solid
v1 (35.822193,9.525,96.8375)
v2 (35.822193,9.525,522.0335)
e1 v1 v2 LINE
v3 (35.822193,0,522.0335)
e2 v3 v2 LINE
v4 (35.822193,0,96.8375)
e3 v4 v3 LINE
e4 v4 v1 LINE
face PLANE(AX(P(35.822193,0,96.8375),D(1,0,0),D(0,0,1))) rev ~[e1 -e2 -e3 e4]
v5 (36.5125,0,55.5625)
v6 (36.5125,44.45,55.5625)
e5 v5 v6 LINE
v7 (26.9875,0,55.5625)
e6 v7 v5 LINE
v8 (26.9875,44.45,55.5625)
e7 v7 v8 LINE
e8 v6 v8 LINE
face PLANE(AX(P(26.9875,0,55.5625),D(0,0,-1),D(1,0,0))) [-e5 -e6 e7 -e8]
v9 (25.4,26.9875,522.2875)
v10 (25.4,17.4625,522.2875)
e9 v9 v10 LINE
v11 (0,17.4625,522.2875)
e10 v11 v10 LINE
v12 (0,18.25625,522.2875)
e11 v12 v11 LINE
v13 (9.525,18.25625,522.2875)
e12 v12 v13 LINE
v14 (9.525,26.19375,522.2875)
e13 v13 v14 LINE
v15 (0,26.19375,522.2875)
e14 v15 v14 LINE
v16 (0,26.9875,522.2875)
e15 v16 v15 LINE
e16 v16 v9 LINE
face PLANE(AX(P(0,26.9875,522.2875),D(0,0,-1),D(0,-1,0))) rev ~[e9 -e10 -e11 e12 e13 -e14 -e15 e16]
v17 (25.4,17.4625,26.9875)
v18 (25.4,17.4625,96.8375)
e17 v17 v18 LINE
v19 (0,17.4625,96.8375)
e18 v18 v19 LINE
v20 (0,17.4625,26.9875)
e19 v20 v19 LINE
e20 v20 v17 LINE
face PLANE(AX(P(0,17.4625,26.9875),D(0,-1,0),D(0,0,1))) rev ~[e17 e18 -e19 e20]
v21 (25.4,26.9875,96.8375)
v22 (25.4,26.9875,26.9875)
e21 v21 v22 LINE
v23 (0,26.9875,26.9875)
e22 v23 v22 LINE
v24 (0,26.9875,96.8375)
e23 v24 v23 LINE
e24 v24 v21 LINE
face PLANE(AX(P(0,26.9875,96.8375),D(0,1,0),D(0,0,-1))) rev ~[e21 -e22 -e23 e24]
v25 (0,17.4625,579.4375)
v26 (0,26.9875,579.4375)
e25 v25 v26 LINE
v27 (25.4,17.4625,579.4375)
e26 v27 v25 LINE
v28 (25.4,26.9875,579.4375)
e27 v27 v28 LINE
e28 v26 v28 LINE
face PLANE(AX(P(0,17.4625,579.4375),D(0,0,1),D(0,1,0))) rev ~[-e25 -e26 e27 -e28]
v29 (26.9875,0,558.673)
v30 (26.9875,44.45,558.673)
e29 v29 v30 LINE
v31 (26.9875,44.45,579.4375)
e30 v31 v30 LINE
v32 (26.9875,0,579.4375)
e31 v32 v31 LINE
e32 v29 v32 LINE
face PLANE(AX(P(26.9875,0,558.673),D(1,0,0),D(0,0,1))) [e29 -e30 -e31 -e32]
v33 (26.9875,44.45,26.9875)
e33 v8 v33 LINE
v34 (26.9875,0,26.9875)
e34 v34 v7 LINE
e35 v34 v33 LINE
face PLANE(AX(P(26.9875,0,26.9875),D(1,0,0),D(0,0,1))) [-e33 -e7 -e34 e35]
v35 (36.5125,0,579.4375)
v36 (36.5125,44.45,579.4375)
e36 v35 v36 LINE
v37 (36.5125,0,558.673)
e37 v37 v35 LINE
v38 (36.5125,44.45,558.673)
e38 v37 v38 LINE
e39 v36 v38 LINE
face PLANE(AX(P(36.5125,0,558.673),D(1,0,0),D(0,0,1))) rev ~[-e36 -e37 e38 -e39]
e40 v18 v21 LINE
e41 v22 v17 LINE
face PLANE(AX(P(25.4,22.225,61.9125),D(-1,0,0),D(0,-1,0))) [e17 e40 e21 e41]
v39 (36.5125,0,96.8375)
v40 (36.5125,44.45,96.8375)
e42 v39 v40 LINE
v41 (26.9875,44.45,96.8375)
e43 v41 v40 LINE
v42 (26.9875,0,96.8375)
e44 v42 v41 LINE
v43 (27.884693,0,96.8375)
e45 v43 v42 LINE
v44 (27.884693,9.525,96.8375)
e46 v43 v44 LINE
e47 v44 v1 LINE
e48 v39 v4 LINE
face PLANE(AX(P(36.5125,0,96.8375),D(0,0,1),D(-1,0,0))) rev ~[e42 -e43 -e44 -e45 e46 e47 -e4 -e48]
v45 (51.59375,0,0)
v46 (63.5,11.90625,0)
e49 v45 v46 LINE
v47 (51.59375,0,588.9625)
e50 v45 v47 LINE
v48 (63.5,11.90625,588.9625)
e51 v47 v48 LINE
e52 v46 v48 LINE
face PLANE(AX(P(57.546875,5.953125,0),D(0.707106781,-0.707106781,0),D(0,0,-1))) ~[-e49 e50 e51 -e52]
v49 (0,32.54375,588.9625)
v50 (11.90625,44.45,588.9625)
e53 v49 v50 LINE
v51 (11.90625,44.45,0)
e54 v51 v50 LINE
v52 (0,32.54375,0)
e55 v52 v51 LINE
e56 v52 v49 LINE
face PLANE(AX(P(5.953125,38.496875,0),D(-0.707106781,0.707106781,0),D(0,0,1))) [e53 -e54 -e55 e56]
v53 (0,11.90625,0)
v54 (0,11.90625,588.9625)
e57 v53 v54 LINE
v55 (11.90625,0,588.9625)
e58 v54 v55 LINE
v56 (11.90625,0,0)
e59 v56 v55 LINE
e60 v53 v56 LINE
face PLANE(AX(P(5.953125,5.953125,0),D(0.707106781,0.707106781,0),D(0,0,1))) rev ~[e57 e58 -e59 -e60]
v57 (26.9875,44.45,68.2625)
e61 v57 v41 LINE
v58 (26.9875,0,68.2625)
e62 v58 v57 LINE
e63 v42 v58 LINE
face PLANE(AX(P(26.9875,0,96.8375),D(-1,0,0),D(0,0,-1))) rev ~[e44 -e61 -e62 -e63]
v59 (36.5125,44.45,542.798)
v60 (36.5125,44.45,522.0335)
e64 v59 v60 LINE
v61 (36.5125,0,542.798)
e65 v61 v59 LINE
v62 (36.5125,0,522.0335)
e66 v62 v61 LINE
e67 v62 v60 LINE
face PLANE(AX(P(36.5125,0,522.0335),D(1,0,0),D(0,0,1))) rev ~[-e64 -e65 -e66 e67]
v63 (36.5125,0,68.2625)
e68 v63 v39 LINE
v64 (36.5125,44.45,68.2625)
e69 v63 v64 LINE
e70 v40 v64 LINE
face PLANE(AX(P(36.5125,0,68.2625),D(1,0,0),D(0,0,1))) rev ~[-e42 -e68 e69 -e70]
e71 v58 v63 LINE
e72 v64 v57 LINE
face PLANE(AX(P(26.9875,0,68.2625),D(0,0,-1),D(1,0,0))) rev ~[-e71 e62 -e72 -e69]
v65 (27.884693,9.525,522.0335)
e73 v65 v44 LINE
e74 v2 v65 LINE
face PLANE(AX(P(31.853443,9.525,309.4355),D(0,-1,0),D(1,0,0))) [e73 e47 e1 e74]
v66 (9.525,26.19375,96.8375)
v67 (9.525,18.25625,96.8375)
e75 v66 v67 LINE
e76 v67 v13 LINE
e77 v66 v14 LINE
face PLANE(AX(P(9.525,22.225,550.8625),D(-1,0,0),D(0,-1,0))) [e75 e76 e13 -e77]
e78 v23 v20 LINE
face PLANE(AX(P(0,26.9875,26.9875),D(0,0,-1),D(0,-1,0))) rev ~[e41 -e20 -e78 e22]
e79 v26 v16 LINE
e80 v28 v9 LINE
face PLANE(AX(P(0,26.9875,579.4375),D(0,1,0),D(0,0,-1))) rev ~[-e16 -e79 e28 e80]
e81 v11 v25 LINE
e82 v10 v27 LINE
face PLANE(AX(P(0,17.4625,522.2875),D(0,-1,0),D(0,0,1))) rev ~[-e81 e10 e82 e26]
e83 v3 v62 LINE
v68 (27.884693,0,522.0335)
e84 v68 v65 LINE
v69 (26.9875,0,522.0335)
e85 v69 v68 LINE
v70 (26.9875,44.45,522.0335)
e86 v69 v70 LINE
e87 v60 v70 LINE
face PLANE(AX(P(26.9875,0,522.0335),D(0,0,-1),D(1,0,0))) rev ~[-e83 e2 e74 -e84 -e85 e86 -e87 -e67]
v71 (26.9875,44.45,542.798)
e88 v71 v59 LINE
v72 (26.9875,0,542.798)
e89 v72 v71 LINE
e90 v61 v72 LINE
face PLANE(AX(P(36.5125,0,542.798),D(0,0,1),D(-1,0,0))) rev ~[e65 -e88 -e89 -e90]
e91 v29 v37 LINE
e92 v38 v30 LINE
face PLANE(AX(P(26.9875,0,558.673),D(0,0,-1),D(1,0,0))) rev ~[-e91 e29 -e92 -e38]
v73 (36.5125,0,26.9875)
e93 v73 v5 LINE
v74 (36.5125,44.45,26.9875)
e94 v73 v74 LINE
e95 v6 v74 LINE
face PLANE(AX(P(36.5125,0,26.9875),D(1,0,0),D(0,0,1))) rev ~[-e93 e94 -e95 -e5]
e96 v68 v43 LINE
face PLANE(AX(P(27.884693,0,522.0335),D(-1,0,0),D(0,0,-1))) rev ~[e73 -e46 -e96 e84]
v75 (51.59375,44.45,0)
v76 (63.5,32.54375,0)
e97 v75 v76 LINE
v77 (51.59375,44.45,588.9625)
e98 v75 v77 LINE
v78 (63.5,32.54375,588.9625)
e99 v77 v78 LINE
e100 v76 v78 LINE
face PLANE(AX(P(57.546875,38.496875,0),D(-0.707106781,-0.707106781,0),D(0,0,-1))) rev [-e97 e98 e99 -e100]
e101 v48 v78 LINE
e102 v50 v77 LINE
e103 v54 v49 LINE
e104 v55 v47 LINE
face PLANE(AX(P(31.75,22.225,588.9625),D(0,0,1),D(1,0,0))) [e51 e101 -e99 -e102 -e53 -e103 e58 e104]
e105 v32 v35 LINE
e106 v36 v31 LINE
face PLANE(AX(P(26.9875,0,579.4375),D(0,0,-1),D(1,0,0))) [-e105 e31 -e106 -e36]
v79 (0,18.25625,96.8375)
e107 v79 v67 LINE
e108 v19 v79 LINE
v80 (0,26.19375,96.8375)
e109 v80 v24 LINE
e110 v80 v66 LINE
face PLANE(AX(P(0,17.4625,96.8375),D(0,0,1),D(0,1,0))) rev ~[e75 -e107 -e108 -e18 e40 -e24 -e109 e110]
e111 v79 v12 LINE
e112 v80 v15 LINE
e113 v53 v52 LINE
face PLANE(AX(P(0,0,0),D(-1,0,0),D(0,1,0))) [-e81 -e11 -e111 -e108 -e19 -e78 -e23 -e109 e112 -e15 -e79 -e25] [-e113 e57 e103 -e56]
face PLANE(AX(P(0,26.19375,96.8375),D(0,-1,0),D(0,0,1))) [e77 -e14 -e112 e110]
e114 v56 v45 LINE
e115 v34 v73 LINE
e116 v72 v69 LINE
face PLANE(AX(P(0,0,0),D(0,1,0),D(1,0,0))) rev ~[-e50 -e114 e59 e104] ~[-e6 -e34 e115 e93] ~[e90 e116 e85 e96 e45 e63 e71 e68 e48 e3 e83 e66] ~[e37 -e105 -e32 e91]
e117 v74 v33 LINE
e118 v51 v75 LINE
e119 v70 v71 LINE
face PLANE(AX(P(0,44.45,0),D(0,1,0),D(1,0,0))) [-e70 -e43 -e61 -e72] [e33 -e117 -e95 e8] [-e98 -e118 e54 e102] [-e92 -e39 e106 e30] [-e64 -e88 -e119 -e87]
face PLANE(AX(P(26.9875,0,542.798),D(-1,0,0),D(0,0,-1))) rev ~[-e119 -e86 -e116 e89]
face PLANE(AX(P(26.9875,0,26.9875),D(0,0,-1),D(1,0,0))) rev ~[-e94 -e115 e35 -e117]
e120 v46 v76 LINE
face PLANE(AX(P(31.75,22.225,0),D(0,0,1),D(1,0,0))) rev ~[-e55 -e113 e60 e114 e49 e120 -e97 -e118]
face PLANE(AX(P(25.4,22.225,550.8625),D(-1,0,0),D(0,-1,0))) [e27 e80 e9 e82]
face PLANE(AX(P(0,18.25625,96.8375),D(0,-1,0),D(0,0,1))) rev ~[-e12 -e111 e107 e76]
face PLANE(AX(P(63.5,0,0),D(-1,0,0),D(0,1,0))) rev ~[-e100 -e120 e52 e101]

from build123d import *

# Parameters (mm, degrees)
F0_W     = 63.5
F0_H     = 44.45
F1_DEPTH = 588.9625
F3_DEPTH = 25.4
F2_W     = 7.9375
F2_H     = 425.45
F4_DEPTH = 9.525
F6_DEPTH = 9.525
F5_W     = 9.525
F5_H     = 20.7645
F5_H_2   = 28.575
F7_DEPTH = 44.451
F8_SIZE  = 11.90625


with BuildPart() as f1:
    # F0 (on Top) → F1 (new body)
    with BuildSketch(Plane.XY):
        with Locations((31.75, 22.225)):
            Rectangle(F0_W, F0_H)
    extrude(amount=F1_DEPTH)

    # F2 (on face) → F3 (cut)
    with BuildSketch(Plane(origin=(0, 0, 0), x_dir=(0, -1, 0), z_dir=(-1, 0, 0))):
        Polygon((-17.4625, 579.4375), (-26.9875, 579.4375), (-26.9875, 522.2875), (-26.19375, 522.2875), (-18.25625, 522.2875), (-17.4625, 522.2875), align=None)
        Polygon((-18.25625, 96.8375), (-26.19375, 96.8375), (-26.9875, 96.8375), (-26.9875, 26.9875), (-17.4625, 26.9875), (-17.4625, 96.8375), align=None)
    extrude(amount=-F3_DEPTH, mode=Mode.SUBTRACT)

    # F2 (on face) → F4 (cut)
    with BuildSketch(Plane(origin=(0, 0, 0), x_dir=(0, -1, 0), z_dir=(-1, 0, 0))):
        Polygon((-17.4625, 579.4375), (-26.9875, 579.4375), (-26.9875, 522.2875), (-26.19375, 522.2875), (-18.25625, 522.2875), (-17.4625, 522.2875), align=None)
        with Locations((-22.225, 309.5625)):
            Rectangle(F2_W, F2_H)
        Polygon((-18.25625, 96.8375), (-26.19375, 96.8375), (-26.9875, 96.8375), (-26.9875, 26.9875), (-17.4625, 26.9875), (-17.4625, 96.8375), align=None)
    extrude(amount=-F4_DEPTH, mode=Mode.SUBTRACT)

    # F5 (on face) → F6 (cut)
    with BuildSketch(Plane.XZ):
        Polygon((35.822193, 522.0335), (28.781885, 522.0335), (27.884693, 522.0335), (27.884693, 96.8375), (35.822193, 96.8375), align=None)
    extrude(amount=-F6_DEPTH, mode=Mode.SUBTRACT)

    # F5 (on face) → F7 (cut, through all)
    with BuildSketch(Plane.XZ):
        with Locations((31.75, 569.05525)):
            Rectangle(F5_W, F5_H)
        Polygon((27.884693, 522.0335), (28.781885, 522.0335), (35.822193, 522.0335), (36.5125, 522.0335), (36.5125, 542.798), (26.9875, 542.798), (26.9875, 522.0335), align=None)
        Polygon((35.822193, 96.8375), (27.884693, 96.8375), (26.9875, 96.8375), (26.9875, 68.2625), (36.5125, 68.2625), (36.5125, 96.8375), align=None)
        with Locations((31.75, 41.275)):
            Rectangle(F5_W, F5_H_2)
    extrude(amount=-F7_DEPTH, mode=Mode.SUBTRACT)

    # F8
    f8_edges = [f1.edges().sort_by_distance(p)[0] for p in [
        (63.5, 44.45, 294.48125),
        (0, 44.45, 294.48125),
        (63.5, 0, 294.48125),
        (0, 0, 294.48125),
    ]]
    chamfer(f8_edges, length=F8_SIZE)


solid = f1.part
